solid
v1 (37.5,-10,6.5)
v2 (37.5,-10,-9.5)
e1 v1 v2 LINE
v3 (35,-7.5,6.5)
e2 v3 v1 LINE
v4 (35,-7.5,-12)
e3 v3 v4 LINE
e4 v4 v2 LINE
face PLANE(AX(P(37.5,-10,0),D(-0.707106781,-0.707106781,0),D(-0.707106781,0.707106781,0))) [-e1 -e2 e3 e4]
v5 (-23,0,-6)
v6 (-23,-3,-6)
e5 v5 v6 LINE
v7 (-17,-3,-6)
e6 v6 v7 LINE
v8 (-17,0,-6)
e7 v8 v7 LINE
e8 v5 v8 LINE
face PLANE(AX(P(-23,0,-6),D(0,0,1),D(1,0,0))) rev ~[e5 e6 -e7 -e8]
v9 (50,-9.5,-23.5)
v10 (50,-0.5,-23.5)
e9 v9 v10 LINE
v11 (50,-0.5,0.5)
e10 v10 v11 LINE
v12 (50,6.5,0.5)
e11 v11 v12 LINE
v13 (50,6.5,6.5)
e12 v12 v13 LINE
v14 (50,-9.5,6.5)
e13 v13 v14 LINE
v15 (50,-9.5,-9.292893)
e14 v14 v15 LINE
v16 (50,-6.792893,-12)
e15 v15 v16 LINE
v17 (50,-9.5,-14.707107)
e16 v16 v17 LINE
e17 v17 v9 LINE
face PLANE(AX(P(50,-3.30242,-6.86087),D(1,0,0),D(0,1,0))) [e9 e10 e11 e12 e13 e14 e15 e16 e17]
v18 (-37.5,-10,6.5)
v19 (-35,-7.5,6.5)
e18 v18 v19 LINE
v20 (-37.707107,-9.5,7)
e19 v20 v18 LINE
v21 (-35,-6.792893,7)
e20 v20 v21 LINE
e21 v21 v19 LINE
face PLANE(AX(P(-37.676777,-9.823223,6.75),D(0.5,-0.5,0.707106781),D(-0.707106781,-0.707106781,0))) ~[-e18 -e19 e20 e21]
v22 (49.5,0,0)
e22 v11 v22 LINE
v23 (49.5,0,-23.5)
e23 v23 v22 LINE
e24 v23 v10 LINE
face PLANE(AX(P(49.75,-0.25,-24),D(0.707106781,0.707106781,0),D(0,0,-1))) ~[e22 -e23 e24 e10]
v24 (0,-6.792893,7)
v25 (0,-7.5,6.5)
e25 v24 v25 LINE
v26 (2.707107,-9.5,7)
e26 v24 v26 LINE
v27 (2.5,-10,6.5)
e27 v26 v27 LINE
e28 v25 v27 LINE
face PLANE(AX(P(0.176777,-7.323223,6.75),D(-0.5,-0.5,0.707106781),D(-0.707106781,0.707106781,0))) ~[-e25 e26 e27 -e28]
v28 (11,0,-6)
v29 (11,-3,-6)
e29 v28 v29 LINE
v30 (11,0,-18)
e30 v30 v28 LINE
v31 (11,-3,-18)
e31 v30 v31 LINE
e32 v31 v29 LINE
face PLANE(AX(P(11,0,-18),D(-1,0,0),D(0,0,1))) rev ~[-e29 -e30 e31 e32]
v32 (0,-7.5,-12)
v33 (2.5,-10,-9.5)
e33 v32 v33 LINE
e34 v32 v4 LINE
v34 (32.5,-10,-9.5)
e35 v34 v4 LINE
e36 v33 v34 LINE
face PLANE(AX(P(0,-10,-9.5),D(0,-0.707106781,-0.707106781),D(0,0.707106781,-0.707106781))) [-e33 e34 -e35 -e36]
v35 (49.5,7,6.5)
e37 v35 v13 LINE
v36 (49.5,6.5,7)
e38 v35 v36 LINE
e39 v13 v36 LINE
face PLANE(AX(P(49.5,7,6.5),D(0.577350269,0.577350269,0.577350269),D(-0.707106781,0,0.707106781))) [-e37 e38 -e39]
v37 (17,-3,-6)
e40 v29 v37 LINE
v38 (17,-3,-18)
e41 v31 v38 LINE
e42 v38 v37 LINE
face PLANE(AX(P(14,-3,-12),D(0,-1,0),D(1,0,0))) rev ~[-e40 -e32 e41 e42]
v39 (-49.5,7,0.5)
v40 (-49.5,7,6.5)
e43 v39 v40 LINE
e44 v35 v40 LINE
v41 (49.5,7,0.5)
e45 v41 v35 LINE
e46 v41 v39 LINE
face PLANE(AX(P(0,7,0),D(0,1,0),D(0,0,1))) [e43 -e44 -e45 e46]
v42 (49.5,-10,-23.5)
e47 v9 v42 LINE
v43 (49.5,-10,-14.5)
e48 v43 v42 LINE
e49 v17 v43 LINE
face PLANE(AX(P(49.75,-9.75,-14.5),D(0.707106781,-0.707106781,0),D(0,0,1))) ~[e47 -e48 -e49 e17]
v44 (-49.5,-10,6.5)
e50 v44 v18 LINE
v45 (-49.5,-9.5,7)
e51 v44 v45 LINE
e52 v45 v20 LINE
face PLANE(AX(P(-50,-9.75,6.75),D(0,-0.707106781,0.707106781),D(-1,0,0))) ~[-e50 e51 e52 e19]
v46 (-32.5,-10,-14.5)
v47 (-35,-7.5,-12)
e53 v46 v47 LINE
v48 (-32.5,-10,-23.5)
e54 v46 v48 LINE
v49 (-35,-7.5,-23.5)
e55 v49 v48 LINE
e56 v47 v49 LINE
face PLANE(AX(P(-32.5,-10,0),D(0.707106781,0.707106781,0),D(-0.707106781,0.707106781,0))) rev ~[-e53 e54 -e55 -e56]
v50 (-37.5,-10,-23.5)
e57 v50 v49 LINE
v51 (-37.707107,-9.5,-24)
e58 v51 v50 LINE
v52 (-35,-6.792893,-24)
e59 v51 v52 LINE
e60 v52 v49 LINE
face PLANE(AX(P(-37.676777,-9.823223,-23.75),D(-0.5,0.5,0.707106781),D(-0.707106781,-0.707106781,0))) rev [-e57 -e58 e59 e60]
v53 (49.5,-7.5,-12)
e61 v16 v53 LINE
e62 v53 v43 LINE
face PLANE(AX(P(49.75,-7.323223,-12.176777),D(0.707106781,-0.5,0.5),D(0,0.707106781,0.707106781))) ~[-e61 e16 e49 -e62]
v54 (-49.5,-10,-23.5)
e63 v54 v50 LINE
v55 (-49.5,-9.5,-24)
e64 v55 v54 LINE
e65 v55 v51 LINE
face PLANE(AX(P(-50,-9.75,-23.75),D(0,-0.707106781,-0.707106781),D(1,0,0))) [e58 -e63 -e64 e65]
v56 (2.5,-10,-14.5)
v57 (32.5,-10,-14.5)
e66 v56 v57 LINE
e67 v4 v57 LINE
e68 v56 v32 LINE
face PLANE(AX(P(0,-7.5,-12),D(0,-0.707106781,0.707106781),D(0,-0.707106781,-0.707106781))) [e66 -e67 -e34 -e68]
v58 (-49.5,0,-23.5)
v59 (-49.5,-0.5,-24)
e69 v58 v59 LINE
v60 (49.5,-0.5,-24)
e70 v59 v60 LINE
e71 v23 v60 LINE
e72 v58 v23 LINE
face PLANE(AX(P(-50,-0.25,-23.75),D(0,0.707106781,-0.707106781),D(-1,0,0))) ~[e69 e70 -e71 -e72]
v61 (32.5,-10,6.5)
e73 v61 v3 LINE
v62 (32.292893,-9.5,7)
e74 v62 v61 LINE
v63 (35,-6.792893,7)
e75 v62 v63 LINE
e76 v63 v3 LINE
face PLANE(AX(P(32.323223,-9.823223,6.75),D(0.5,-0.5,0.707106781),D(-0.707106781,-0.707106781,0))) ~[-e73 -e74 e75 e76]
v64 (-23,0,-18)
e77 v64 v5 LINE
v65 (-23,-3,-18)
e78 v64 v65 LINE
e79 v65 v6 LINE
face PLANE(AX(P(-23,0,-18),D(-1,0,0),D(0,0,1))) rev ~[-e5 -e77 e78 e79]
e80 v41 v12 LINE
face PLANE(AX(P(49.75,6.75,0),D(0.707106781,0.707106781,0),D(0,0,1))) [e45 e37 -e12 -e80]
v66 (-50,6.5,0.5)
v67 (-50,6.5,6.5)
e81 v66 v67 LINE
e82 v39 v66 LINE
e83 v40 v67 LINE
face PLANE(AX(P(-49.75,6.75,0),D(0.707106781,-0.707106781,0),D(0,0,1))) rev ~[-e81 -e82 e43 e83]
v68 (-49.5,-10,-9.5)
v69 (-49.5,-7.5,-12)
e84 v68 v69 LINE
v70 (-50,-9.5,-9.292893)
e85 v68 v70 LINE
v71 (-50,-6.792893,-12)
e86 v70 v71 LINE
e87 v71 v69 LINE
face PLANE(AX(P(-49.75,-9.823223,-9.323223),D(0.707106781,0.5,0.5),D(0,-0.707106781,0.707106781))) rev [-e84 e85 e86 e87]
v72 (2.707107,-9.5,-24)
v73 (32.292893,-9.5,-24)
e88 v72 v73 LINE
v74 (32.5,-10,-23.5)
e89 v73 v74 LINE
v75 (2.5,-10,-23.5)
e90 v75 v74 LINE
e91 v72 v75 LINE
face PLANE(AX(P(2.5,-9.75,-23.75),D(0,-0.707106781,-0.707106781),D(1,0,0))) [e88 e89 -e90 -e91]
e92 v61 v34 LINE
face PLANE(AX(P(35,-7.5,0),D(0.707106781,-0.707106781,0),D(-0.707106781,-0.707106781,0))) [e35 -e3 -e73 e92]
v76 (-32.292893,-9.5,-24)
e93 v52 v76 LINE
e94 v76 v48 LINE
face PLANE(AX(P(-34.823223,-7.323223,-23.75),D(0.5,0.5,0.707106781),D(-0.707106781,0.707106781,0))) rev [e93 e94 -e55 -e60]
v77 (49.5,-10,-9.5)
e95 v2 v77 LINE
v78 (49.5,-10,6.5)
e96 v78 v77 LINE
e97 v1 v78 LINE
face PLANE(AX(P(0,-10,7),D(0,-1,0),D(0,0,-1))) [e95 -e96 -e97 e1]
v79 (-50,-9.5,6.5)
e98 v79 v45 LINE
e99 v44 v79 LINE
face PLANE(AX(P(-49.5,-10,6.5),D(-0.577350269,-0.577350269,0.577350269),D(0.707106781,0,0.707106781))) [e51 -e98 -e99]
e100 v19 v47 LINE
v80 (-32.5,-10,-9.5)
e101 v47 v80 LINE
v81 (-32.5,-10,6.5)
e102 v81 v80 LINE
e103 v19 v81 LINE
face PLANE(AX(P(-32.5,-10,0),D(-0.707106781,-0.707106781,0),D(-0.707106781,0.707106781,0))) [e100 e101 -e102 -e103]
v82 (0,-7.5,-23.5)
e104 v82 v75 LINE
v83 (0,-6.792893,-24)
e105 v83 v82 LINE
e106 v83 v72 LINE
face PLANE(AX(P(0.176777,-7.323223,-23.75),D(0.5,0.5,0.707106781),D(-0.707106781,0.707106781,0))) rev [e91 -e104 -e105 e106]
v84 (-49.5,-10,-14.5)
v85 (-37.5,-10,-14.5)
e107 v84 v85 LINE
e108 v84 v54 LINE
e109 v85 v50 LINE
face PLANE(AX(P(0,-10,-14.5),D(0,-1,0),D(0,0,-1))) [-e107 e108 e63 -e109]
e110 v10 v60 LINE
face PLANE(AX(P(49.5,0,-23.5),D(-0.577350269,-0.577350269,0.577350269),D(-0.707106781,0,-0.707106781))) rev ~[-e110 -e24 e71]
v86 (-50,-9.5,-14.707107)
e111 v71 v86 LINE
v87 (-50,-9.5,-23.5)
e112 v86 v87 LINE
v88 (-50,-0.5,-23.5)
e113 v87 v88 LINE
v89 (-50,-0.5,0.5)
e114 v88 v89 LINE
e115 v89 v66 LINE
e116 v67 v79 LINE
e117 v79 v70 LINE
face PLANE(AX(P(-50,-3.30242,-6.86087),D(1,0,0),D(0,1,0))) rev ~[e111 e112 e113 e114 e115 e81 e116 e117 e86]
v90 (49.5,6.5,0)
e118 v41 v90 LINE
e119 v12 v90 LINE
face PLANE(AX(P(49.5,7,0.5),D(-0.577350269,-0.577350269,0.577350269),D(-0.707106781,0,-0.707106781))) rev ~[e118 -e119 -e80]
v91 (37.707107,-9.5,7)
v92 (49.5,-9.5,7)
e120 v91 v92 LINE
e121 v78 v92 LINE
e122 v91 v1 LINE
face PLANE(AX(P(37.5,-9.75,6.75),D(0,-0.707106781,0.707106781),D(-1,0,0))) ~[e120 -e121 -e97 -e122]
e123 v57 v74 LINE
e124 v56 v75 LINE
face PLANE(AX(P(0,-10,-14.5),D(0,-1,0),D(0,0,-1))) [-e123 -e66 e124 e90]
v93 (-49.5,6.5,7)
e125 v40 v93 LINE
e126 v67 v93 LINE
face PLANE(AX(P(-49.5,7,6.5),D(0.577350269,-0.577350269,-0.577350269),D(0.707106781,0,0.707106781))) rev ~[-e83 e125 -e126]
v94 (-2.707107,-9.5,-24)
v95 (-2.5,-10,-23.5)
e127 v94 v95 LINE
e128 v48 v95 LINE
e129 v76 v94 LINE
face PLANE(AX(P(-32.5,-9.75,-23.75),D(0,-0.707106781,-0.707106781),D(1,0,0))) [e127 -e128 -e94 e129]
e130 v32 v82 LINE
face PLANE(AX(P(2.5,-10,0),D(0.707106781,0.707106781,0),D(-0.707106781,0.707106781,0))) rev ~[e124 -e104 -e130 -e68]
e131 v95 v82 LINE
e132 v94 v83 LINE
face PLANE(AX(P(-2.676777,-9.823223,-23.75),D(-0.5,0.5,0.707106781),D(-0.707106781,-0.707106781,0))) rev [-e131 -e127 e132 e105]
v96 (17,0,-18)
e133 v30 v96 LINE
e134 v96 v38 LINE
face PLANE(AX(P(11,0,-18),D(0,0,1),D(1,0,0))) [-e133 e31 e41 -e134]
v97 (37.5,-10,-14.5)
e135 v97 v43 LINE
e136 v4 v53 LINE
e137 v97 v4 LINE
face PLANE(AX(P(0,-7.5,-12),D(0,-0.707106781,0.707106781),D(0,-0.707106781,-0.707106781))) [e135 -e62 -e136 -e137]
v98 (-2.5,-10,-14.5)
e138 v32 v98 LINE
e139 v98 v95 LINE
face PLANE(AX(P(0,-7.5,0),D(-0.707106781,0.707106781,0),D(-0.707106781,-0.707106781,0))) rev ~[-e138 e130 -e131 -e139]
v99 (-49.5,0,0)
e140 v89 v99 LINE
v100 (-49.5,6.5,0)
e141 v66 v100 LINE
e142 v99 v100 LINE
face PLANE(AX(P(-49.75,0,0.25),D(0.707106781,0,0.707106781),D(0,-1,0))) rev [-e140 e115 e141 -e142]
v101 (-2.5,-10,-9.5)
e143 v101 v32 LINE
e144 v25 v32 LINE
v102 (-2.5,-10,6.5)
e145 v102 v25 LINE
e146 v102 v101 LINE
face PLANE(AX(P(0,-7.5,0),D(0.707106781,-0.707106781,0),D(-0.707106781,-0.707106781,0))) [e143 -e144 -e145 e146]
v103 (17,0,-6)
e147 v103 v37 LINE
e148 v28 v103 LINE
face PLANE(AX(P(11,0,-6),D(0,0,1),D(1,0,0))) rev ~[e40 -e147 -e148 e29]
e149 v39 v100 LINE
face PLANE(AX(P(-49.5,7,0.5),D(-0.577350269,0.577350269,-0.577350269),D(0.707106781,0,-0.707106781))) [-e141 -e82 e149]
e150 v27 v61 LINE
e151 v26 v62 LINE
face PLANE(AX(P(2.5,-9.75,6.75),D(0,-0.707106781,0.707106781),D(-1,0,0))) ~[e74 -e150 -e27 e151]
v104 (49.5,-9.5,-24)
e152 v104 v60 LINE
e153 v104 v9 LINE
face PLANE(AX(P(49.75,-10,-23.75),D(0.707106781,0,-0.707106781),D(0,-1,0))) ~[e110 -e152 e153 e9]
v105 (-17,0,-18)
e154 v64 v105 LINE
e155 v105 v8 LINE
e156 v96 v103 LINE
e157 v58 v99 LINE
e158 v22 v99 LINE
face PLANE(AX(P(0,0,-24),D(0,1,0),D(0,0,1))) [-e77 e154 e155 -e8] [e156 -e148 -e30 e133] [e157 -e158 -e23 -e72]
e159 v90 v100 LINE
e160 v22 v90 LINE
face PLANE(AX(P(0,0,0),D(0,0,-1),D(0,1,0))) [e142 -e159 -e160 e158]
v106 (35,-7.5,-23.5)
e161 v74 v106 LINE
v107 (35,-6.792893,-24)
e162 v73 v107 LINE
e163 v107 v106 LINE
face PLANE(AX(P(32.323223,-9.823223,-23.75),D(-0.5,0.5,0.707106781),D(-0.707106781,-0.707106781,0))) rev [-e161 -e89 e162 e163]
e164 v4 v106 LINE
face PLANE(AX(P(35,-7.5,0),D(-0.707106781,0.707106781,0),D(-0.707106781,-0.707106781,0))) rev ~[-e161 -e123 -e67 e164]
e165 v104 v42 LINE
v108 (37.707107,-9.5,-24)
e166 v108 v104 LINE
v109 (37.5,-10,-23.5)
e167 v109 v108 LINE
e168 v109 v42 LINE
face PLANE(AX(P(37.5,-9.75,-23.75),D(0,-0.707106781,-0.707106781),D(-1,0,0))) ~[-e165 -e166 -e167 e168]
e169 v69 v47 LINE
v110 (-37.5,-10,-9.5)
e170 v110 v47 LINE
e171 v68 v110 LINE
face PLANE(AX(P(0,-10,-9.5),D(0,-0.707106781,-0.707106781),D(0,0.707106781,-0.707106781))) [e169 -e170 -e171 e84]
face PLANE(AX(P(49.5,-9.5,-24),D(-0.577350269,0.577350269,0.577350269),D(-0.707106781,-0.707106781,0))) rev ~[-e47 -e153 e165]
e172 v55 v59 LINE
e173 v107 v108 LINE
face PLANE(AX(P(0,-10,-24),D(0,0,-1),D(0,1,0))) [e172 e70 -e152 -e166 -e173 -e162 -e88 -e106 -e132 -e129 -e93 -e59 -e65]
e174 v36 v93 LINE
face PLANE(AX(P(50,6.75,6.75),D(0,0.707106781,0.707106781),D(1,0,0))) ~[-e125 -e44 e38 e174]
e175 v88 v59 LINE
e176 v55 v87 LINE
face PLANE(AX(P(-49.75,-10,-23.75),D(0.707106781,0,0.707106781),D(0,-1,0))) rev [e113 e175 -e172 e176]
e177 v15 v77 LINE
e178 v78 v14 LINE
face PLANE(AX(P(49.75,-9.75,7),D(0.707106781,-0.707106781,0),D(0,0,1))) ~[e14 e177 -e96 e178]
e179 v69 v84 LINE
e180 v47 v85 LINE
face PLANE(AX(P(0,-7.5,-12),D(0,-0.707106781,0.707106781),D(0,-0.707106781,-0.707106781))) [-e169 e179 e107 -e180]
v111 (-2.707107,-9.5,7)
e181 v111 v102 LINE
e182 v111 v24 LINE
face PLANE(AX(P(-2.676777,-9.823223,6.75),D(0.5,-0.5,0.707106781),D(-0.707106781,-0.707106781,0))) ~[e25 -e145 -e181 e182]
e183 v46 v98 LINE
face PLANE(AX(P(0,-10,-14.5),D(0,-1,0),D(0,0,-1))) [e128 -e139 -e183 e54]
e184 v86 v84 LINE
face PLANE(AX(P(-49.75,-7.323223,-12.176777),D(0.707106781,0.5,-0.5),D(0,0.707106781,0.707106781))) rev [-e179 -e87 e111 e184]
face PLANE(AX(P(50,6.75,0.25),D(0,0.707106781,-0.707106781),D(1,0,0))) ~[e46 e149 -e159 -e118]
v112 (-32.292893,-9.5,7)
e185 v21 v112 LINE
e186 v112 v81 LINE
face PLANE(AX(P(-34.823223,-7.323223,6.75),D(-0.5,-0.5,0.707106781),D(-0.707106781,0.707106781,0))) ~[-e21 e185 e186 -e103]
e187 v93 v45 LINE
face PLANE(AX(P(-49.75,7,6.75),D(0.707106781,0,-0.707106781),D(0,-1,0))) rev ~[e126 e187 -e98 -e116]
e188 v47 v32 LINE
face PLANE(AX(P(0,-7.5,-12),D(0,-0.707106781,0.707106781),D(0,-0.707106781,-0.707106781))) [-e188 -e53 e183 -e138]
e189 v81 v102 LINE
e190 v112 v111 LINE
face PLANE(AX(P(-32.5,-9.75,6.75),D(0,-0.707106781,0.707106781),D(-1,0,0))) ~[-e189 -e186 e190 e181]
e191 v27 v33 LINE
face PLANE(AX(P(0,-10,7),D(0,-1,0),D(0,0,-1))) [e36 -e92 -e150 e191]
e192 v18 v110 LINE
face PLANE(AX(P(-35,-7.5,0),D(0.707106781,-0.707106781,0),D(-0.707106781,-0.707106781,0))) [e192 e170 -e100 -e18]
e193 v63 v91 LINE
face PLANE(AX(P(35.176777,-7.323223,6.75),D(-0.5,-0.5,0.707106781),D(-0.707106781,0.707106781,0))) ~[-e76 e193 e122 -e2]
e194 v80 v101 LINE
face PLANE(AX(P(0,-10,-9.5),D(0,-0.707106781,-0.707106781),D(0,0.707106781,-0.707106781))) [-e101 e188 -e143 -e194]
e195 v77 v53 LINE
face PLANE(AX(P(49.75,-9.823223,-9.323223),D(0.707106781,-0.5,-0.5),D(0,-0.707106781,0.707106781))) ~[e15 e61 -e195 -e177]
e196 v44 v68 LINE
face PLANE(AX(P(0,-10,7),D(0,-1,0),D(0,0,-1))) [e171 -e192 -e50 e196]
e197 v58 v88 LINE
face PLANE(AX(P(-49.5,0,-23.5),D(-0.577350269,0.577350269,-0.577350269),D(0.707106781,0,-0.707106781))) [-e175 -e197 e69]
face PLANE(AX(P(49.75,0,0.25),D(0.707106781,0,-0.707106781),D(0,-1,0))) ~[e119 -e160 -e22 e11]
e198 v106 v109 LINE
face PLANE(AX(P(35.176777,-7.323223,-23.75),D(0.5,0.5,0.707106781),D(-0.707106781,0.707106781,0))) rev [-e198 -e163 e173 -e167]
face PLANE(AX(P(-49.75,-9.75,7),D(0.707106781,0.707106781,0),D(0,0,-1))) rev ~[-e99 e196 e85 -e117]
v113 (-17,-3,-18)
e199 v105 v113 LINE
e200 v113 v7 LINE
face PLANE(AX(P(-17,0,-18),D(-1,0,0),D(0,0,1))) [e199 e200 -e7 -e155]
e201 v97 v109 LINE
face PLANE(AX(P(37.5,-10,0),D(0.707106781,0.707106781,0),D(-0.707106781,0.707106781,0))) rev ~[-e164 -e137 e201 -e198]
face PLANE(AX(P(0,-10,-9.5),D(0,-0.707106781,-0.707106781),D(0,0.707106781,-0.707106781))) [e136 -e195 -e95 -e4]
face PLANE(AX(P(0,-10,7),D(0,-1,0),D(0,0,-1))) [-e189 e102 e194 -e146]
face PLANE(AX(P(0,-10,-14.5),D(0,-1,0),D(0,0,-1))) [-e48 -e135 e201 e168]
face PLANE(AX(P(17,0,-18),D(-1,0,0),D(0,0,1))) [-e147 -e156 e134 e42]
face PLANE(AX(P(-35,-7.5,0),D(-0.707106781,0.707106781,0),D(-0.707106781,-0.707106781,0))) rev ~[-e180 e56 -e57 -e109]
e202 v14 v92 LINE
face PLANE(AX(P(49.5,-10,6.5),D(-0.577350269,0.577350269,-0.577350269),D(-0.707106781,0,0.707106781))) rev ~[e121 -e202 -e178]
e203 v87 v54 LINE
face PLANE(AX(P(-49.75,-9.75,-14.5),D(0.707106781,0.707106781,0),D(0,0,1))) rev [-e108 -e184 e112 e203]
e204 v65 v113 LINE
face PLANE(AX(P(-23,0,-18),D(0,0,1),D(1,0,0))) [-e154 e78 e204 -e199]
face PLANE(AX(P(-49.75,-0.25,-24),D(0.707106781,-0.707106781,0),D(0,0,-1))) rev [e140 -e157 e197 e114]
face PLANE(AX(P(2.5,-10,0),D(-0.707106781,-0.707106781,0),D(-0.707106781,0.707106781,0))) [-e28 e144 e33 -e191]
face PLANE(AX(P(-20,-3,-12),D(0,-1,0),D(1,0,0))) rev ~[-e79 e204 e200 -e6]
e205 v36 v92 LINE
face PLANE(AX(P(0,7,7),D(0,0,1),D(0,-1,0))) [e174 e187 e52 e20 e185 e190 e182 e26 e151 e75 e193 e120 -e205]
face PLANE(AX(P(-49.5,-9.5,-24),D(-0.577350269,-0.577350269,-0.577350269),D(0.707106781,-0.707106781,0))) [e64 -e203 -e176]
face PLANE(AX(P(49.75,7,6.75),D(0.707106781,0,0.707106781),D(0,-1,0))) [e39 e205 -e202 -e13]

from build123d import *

# Parameters (mm, degrees)
PAD_DEPTH         = 50
POCKET_DEPTH      = 24.001
POCKET_DEPTH_BACK = -7.001
SKETCH002_W       = 6
SKETCH002_H       = 12
POCKET001_DEPTH   = 3
CHAMFER_SIZE      = 0.5


with BuildPart() as part:
    # Sketch → Pad (new body, symmetric)
    with BuildSketch(Plane.YZ):
        Polygon((7, 7), (-10, 7), (-10, -9.5), (-7.5, -12), (-10, -14.5), (-10, -24), (0, -24), (0, 0), (7, 0), align=None)
    extrude(amount=PAD_DEPTH, both=True)

    # Sketch001 → Pocket (cut, two sides)
    with BuildSketch(Plane.XY) as pocket_sk:
        Polygon((-37.5, -10), (-32.5, -10), (-35, -7.5), align=None)
        Polygon((-2.5, -10), (2.5, -10), (0, -7.5), align=None)
        Polygon((32.5, -10), (37.5, -10), (35, -7.5), align=None)
    extrude(amount=-POCKET_DEPTH, mode=Mode.SUBTRACT)
    extrude(pocket_sk.sketch, amount=-POCKET_DEPTH_BACK, mode=Mode.SUBTRACT)

    # Sketch002 → Pocket001 (cut)
    with BuildSketch(Plane.XZ):
        with Locations((-20, -12)):
            Rectangle(SKETCH002_W, SKETCH002_H)
        with Locations((14, -12)):
            Rectangle(SKETCH002_W, SKETCH002_H)
    extrude(amount=POCKET001_DEPTH, mode=Mode.SUBTRACT)

    # Chamfer
    chamfer_edges = [part.edges().sort_by_distance(p)[0] for p in [
        (50, -1.5, 7),
        (50, -10, -1.25),
        (50, -8.75, -10.75),
        (50, -8.75, -13.25),
        (50, -10, -19.25),
        (50, -5, -24),
        (50, 0, -12),
        (50, 3.5, 0),
        (50, 7, 3.5),
        (-50, -1.5, 7),
        (-50, -10, -1.25),
        (-50, -8.75, -10.75),
        (-50, -8.75, -13.25),
        (-50, -10, -19.25),
        (-50, -5, -24),
        (-50, 0, -12),
        (-50, 3.5, 0),
        (-50, 7, 3.5),
        (0, 7, 0),
        (0, 7, 7),
        (-43.75, -10, 7),
        (-36.25, -8.75, 7),
        (-33.75, -8.75, 7),
        (-17.5, -10, 7),
        (-1.25, -8.75, 7),
        (1.25, -8.75, 7),
        (17.5, -10, 7),
        (33.75, -8.75, 7),
        (36.25, -8.75, 7),
        (43.75, -10, 7),
        (0, 0, -24),
        (43.75, -10, -24),
        (36.25, -8.75, -24),
        (33.75, -8.75, -24),
        (17.5, -10, -24),
        (1.25, -8.75, -24),
        (-1.25, -8.75, -24),
        (-17.5, -10, -24),
        (-33.75, -8.75, -24),
        (-36.25, -8.75, -24),
        (-43.75, -10, -24),
    ]]
    chamfer(chamfer_edges, length=CHAMFER_SIZE)


solid = part.part
